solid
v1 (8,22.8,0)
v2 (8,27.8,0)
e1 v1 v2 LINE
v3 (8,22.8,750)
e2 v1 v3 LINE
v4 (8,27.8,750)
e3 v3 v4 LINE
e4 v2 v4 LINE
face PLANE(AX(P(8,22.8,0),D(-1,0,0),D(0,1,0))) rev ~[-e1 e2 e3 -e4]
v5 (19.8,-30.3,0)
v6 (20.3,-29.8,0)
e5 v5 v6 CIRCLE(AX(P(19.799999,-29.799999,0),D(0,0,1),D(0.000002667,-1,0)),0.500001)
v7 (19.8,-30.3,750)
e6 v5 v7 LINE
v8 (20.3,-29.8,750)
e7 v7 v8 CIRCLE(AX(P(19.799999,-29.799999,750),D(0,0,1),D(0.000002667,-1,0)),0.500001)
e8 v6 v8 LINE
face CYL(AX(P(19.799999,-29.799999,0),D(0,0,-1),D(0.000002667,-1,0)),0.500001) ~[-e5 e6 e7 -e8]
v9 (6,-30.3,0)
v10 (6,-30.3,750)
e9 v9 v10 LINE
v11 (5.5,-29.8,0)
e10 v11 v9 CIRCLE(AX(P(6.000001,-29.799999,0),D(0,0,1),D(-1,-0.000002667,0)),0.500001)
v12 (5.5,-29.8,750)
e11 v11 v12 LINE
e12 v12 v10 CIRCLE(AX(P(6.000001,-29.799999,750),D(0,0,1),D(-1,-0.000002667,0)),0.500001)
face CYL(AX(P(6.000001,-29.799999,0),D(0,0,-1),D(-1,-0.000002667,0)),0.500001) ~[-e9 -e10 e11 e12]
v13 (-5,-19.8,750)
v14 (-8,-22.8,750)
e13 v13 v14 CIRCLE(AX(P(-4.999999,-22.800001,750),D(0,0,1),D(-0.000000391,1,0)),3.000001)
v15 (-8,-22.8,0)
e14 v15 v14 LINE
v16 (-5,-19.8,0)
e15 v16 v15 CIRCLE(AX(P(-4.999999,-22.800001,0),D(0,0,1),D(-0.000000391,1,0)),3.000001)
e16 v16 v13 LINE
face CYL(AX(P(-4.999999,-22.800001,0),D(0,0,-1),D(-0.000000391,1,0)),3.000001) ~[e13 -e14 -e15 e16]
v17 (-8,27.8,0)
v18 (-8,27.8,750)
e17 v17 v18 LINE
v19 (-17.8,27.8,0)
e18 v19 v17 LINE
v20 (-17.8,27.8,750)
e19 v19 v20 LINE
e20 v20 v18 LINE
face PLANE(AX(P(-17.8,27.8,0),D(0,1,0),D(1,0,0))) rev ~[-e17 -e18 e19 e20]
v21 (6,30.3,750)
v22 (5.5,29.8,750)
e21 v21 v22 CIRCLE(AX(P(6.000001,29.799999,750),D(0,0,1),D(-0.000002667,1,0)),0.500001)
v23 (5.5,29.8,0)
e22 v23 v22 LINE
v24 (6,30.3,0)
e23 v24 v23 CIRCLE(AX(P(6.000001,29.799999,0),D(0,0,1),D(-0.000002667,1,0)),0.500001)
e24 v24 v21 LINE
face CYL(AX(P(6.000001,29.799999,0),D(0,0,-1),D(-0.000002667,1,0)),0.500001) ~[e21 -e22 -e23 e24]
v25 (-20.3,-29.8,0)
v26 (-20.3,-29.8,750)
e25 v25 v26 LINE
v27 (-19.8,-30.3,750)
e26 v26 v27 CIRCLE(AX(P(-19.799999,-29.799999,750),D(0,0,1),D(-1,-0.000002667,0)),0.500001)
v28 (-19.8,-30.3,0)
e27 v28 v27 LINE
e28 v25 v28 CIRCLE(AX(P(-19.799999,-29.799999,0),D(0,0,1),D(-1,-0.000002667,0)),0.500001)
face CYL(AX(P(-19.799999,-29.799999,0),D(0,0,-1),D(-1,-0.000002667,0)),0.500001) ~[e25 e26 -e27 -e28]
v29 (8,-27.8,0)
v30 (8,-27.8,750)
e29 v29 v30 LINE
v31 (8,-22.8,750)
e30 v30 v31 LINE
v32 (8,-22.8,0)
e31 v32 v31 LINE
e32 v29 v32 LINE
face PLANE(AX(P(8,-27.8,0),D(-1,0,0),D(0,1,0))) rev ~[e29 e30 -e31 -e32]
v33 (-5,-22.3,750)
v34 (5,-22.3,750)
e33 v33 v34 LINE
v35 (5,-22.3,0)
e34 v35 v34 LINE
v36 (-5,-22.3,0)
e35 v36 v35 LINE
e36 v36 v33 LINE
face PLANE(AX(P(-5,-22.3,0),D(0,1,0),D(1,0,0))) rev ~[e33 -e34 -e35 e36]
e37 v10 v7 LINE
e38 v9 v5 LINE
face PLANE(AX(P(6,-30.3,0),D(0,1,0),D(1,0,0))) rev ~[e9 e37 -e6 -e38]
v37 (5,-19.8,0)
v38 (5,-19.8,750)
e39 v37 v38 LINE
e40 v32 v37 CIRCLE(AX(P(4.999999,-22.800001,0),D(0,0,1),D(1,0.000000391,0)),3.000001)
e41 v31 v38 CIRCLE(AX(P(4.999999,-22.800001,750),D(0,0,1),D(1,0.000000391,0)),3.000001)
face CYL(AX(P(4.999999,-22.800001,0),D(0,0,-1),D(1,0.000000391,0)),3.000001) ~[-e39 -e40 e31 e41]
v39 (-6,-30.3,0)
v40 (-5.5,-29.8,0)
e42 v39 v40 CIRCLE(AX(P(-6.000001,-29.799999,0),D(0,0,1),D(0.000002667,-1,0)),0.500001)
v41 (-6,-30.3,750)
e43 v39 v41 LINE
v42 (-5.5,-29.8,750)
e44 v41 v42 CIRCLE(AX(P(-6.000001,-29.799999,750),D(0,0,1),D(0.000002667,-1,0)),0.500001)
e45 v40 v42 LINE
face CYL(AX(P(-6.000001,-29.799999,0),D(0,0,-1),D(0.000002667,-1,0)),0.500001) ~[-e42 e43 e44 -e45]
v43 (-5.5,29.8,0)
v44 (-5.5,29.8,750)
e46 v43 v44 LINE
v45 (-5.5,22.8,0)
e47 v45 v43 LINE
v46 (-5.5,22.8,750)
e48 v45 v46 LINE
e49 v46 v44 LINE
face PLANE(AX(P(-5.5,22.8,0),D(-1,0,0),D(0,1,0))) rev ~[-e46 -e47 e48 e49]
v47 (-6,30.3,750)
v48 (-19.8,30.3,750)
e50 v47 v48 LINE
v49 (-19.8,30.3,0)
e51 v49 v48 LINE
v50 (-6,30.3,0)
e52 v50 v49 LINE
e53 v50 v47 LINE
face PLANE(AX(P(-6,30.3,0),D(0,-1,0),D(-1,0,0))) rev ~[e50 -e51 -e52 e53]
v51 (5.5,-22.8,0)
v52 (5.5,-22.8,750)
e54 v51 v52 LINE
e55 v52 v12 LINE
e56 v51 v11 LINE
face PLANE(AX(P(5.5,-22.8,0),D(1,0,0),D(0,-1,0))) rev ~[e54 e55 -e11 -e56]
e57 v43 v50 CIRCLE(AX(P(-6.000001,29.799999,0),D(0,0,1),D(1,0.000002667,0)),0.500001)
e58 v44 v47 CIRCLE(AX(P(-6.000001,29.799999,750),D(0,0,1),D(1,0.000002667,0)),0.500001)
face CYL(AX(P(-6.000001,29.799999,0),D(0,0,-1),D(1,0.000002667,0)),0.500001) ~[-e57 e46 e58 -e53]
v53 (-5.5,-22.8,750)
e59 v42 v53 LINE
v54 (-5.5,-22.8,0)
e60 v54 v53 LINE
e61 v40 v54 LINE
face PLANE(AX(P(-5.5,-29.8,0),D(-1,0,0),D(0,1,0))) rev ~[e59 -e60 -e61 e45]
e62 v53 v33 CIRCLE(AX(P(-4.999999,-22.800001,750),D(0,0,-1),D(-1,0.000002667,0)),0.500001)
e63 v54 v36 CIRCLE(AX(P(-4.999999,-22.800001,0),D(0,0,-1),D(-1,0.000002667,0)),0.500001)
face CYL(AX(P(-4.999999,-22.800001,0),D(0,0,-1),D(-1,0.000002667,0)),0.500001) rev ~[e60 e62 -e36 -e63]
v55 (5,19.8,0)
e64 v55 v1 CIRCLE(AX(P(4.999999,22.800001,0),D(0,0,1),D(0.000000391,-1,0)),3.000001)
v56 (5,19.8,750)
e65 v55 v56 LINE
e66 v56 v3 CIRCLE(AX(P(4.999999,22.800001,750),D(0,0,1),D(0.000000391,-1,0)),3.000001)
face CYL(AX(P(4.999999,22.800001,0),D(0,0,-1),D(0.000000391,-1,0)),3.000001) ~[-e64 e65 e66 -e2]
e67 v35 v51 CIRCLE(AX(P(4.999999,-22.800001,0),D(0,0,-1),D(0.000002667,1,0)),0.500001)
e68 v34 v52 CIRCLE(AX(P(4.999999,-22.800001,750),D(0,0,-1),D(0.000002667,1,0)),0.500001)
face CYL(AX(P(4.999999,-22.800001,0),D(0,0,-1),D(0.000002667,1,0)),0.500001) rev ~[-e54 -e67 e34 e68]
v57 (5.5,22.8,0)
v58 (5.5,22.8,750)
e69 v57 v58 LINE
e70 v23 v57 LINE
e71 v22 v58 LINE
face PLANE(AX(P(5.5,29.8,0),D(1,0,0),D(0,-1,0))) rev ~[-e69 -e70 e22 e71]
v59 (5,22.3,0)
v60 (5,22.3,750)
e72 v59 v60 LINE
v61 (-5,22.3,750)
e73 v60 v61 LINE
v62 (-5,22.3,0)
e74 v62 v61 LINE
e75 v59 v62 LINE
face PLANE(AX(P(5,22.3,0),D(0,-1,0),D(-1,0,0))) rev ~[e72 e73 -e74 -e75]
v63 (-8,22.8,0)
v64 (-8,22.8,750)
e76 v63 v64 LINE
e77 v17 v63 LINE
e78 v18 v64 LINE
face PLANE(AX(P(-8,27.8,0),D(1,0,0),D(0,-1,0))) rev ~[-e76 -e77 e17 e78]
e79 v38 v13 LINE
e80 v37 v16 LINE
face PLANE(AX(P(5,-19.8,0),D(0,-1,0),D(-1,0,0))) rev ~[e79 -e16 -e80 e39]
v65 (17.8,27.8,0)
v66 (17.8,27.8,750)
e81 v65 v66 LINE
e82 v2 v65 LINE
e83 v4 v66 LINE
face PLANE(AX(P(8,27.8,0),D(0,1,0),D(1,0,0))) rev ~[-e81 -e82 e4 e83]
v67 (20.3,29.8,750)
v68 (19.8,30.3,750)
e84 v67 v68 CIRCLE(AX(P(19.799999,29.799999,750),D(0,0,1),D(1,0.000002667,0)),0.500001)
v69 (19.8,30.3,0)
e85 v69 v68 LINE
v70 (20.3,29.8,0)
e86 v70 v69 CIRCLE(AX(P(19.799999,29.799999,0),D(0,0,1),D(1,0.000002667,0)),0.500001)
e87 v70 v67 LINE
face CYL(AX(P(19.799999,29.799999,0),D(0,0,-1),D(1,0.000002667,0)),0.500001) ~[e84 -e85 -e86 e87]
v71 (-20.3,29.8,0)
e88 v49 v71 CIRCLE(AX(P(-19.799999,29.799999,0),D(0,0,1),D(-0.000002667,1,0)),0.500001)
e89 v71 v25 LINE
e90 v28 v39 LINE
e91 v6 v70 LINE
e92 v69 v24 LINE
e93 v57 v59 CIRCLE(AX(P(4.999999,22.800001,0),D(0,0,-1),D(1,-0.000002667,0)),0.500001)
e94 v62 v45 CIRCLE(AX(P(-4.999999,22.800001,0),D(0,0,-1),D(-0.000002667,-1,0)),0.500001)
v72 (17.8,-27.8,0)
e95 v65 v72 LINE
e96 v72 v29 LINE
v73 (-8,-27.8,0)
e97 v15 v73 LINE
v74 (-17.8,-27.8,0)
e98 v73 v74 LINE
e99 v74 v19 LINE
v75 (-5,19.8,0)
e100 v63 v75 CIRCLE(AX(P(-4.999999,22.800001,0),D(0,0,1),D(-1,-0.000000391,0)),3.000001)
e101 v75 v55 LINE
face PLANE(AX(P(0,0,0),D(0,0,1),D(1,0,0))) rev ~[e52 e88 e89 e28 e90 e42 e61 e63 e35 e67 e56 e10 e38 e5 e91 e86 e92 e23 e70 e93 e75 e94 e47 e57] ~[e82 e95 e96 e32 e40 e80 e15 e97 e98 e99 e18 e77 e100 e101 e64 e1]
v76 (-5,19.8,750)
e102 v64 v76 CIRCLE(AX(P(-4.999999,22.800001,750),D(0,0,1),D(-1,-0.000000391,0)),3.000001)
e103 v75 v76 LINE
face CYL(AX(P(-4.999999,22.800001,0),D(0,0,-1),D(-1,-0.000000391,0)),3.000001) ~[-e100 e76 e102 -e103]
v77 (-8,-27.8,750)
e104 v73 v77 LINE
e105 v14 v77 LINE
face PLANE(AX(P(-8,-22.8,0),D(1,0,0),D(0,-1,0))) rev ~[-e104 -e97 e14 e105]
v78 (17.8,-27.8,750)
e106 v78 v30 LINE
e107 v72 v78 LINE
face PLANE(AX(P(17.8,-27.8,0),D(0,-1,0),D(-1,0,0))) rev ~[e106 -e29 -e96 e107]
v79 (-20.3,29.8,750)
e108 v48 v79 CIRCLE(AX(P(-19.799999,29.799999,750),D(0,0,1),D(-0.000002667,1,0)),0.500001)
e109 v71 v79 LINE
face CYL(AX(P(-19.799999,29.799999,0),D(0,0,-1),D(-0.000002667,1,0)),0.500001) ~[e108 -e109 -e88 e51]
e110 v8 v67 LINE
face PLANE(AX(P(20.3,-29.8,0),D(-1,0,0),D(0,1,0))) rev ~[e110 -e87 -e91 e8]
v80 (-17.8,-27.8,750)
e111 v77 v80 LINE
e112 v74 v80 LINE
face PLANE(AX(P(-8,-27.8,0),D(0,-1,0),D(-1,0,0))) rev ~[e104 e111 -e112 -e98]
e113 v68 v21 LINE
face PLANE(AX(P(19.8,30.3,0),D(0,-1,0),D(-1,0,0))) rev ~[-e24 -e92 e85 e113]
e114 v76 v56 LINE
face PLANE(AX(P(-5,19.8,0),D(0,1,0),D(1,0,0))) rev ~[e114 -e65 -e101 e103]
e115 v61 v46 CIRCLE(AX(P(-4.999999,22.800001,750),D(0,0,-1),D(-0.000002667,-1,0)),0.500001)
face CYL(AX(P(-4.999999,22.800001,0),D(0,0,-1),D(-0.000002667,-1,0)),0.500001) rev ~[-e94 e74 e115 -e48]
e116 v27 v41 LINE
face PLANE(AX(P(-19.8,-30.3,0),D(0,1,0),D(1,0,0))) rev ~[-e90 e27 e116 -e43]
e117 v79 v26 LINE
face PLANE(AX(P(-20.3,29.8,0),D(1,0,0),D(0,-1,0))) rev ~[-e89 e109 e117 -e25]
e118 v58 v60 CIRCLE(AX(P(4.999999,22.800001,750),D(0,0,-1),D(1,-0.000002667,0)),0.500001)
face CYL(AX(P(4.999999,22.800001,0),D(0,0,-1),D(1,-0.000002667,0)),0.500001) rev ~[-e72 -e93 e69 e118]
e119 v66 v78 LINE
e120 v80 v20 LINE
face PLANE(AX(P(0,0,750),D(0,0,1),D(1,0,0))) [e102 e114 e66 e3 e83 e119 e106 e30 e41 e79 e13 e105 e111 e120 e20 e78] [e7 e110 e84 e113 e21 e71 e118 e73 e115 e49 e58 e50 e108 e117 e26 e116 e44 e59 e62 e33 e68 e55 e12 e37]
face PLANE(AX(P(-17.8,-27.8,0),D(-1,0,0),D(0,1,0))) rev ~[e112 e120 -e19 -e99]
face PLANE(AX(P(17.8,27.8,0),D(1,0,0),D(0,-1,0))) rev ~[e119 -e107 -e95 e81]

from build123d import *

# Parameters (mm, degrees)
F2_DEPTH = 750


with BuildPart() as f2:
    # F1 (on face) → F2 (new body)
    with BuildSketch(Plane.XY):
        with BuildLine():
            ThreePointArc((19.8, -30.3), (20.153553, -30.153553), (20.3, -29.8))
            Line((20.3, -29.8), (20.3, 29.8))
            ThreePointArc((20.3, 29.8), (20.153553, 30.153553), (19.8, 30.3))
            Line((19.8, 30.3), (6, 30.3))
            ThreePointArc((6, 30.3), (5.646447, 30.153553), (5.5, 29.8))
            Line((5.5, 29.8), (5.5, 22.8))
            ThreePointArc((5.5, 22.8), (5.353553, 22.446447), (5, 22.3))
            Line((5, 22.3), (-5, 22.3))
            ThreePointArc((-5, 22.3), (-5.353553, 22.446447), (-5.5, 22.8))
            Line((-5.5, 22.8), (-5.5, 29.8))
            ThreePointArc((-5.5, 29.8), (-5.646447, 30.153553), (-6, 30.3))
            Line((-6, 30.3), (-19.8, 30.3))
            ThreePointArc((-19.8, 30.3), (-20.153553, 30.153553), (-20.3, 29.8))
            Line((-20.3, 29.8), (-20.3, -29.8))
            ThreePointArc((-20.3, -29.8), (-20.153553, -30.153553), (-19.8, -30.3))
            Line((-19.8, -30.3), (-6, -30.3))
            ThreePointArc((-6, -30.3), (-5.646447, -30.153553), (-5.5, -29.8))
            Line((-5.5, -29.8), (-5.5, -22.8))
            ThreePointArc((-5.5, -22.8), (-5.353553, -22.446447), (-5, -22.3))
            Line((-5, -22.3), (5, -22.3))
            ThreePointArc((5, -22.3), (5.353553, -22.446447), (5.5, -22.8))
            Line((5.5, -22.8), (5.5, -29.8))
            ThreePointArc((5.5, -29.8), (5.646447, -30.153553), (6, -30.3))
            Line((6, -30.3), (19.8, -30.3))
        make_face()
        with BuildLine():
            Line((5, -19.8), (-5, -19.8))
            ThreePointArc((-5, -19.8), (-7.12132, -20.67868), (-8, -22.8))
            Line((-8, -22.8), (-8, -27.8))
            Line((-8, -27.8), (-17.8, -27.8))
            Line((-17.8, -27.8), (-17.8, 27.8))
            Line((-17.8, 27.8), (-8, 27.8))
            Line((-8, 27.8), (-8, 22.8))
            ThreePointArc((-8, 22.8), (-7.12132, 20.67868), (-5, 19.8))
            Line((-5, 19.8), (5, 19.8))
            ThreePointArc((5, 19.8), (7.12132, 20.67868), (8, 22.8))
            Line((8, 22.8), (8, 27.8))
            Line((8, 27.8), (17.8, 27.8))
            Line((17.8, 27.8), (17.8, -27.8))
            Line((17.8, -27.8), (8, -27.8))
            Line((8, -27.8), (8, -22.8))
            ThreePointArc((8, -22.8), (7.12132, -20.67868), (5, -19.8))
        make_face(mode=Mode.SUBTRACT)
    extrude(amount=F2_DEPTH)


solid = f2.part
